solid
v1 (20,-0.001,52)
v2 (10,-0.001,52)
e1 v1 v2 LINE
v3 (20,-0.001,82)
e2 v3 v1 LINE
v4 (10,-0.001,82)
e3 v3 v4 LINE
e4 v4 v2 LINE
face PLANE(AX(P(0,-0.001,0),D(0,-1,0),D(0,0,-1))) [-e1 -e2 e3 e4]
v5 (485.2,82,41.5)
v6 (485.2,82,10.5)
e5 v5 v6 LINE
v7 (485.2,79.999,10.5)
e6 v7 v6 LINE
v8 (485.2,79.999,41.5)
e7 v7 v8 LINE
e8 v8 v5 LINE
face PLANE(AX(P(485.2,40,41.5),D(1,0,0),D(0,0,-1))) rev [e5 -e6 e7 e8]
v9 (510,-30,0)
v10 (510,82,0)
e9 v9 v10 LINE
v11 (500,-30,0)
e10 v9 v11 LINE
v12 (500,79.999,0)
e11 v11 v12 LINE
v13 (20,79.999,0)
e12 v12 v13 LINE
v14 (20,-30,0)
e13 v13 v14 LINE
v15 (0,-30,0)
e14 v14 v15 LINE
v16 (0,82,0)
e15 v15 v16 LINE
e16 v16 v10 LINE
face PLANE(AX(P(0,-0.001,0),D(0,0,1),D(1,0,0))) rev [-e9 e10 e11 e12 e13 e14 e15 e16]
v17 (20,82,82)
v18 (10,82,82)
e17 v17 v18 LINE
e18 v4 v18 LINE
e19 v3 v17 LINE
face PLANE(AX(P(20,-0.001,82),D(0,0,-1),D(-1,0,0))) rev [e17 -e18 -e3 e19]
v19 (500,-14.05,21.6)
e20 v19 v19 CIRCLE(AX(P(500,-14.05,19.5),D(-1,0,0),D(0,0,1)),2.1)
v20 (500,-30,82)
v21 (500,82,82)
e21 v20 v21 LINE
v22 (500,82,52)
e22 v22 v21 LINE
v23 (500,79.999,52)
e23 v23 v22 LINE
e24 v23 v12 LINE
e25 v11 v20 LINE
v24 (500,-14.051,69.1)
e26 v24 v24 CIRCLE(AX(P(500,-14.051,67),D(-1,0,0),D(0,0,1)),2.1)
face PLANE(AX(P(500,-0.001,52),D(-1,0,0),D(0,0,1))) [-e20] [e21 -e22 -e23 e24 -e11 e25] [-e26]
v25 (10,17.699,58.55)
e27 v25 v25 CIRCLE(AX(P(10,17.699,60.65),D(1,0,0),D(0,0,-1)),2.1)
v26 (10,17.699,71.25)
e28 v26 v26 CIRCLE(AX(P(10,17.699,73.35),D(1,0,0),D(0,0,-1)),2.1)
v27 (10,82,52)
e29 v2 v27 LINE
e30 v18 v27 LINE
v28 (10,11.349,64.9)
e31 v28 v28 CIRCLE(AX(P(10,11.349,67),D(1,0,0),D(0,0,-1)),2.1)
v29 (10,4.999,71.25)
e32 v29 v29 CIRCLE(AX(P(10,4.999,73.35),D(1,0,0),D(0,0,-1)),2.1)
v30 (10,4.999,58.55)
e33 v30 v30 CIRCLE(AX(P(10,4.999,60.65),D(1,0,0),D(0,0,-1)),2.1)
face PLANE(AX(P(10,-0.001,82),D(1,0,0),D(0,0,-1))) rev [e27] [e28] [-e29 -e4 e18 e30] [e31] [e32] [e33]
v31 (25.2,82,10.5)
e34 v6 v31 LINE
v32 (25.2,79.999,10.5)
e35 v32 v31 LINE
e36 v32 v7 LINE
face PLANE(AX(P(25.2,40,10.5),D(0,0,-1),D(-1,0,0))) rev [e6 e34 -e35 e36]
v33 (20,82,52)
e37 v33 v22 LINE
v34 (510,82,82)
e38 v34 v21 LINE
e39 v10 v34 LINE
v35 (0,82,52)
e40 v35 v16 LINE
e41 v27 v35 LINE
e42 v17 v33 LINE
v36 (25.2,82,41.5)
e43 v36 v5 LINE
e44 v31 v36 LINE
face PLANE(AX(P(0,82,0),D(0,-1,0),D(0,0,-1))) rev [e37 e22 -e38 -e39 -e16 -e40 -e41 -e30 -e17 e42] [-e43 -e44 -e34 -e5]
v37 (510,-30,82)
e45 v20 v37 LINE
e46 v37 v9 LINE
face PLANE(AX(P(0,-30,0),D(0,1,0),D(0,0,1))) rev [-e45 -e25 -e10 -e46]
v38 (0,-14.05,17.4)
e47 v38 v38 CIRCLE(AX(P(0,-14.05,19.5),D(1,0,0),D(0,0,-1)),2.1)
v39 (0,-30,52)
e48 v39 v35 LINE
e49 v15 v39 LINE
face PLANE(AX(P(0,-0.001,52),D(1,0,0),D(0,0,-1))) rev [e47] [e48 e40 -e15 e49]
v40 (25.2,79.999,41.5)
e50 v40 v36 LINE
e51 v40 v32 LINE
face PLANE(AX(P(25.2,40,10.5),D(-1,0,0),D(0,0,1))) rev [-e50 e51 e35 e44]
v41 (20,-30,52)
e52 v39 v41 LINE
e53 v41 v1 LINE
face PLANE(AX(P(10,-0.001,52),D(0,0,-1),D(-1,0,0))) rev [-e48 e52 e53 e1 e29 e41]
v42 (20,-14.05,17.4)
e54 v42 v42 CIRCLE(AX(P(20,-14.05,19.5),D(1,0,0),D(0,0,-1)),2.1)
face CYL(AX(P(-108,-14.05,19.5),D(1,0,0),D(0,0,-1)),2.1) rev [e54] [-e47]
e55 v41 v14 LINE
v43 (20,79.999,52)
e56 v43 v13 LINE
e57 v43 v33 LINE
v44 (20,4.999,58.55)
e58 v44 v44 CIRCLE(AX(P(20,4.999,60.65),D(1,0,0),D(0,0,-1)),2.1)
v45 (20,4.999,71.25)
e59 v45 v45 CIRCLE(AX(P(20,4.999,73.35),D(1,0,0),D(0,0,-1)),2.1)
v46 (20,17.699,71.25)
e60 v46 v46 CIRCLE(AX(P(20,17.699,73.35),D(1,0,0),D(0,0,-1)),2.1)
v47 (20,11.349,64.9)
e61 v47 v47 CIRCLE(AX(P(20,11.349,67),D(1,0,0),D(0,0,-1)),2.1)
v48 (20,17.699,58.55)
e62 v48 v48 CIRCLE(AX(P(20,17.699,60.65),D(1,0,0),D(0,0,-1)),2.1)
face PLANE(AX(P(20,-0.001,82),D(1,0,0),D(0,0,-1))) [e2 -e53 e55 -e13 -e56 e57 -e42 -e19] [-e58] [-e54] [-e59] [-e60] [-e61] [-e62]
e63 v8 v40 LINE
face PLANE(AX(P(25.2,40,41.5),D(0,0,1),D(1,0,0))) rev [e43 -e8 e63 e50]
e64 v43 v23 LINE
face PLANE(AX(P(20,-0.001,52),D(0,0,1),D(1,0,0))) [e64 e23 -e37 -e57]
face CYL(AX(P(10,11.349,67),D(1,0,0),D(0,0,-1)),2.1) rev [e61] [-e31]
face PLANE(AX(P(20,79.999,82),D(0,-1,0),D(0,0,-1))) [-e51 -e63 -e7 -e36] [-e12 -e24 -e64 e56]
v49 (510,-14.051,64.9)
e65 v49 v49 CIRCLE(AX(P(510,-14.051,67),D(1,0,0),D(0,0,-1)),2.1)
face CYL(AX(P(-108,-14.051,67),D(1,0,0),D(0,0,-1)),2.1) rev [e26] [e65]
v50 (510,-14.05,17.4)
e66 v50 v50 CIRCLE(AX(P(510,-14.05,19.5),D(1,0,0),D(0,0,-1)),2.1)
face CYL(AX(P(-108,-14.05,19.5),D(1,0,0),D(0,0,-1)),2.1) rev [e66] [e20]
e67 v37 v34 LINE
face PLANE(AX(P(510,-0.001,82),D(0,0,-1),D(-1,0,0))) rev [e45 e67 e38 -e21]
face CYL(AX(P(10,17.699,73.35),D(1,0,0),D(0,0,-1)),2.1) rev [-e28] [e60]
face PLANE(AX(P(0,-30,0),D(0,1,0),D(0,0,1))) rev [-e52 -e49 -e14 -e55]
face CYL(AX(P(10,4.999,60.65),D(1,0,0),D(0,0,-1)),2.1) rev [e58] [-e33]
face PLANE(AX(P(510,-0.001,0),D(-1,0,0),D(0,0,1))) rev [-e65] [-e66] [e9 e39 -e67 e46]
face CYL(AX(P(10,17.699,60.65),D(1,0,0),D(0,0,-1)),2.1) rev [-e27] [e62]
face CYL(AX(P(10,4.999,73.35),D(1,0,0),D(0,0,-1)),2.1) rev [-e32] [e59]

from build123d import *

# Parameters (mm, degrees)
BOSS_EXTRUDE1_DEPTH      = 82
BOSS_EXTRUDE1_DEPTH_BACK = 0.001
SKETCH2_W                = 480
SKETCH2_H                = 80
CUT_EXTRUDE2_DEPTH       = 82
SKETCH3_W                = 20
SKETCH3_H                = 52
SKETCH3_W_2              = 10
SKETCH3_H_2              = 82
BOSS_EXTRUDE3_DEPTH      = 30
SKETCH4_R                = 2.1
CUT_EXTRUDE3_DEPTH       = 618
SKETCH5_W                = 460.000000001
SKETCH5_H                = 31
CUT_EXTRUDE4_DEPTH       = 42
SKETCH6_R                = 2.1
CUT_EXTRUDE5_DEPTH       = 10


with BuildPart() as part:
    # Sketch1 → Boss-Extrude1 (new body, two sides)
    with BuildSketch(Plane(origin=(0, 0, 0), x_dir=(1, 0, 0), z_dir=(0, 1, 0))) as boss_extrude1_sk:
        Polygon((10, -82), (10, -52), (0, -52), (0, 0), (510, 0), (510, -82), (500, -82), (500, -52), (20, -52), (20, -82), align=None)
    extrude(amount=BOSS_EXTRUDE1_DEPTH)
    extrude(boss_extrude1_sk.sketch, amount=-BOSS_EXTRUDE1_DEPTH_BACK)

    # Sketch2 → Cut-Extrude2 (cut)
    with BuildSketch(Plane.XY):
        with Locations((260, 39.999)):
            Rectangle(SKETCH2_W, SKETCH2_H)
    extrude(amount=CUT_EXTRUDE2_DEPTH, mode=Mode.SUBTRACT)

    # Sketch3 → Boss-Extrude3 (add)
    with BuildSketch(Plane(origin=(0, 0, 0), x_dir=(1, 0, 0), z_dir=(0, 1, 0))):
        with Locations((10, -26)):
            Rectangle(SKETCH3_W, SKETCH3_H)
        with Locations((505, -41)):
            Rectangle(SKETCH3_W_2, SKETCH3_H_2)
    extrude(amount=-BOSS_EXTRUDE3_DEPTH)

    # Sketch4 → Cut-Extrude3 (cut)
    with BuildSketch(Plane(origin=(510, 0, 0), x_dir=(0, 0, -1), z_dir=(1, 0, 0))):
        with Locations((-67, -14.051)):
            Circle(SKETCH4_R)
        with Locations((-19.50000001, -14.05)):
            Circle(SKETCH4_R)
    extrude(amount=-CUT_EXTRUDE3_DEPTH, mode=Mode.SUBTRACT)

    # Sketch5 → Cut-Extrude4 (cut)
    with BuildSketch(Plane(origin=(0, 82, 0), x_dir=(1, 0, 0), z_dir=(0, 1, 0))):
        with Locations((255.200000001, -26)):
            Rectangle(SKETCH5_W, SKETCH5_H)
    extrude(amount=-CUT_EXTRUDE4_DEPTH, mode=Mode.SUBTRACT)

    # Sketch6 → Cut-Extrude5 (cut)
    with BuildSketch(Plane(origin=(20, 0, 0), x_dir=(0, 0, -1), z_dir=(1, 0, 0))):
        with Locations((-67, 11.349)):
            Circle(SKETCH6_R)
        with Locations((-60.65, 17.699)):
            Circle(SKETCH6_R)
        with Locations((-73.35, 17.699)):
            Circle(SKETCH6_R)
        with Locations((-73.35, 4.999)):
            Circle(SKETCH6_R)
        with Locations((-60.65, 4.999)):
            Circle(SKETCH6_R)
    extrude(amount=-CUT_EXTRUDE5_DEPTH, mode=Mode.SUBTRACT)


solid = part.part
